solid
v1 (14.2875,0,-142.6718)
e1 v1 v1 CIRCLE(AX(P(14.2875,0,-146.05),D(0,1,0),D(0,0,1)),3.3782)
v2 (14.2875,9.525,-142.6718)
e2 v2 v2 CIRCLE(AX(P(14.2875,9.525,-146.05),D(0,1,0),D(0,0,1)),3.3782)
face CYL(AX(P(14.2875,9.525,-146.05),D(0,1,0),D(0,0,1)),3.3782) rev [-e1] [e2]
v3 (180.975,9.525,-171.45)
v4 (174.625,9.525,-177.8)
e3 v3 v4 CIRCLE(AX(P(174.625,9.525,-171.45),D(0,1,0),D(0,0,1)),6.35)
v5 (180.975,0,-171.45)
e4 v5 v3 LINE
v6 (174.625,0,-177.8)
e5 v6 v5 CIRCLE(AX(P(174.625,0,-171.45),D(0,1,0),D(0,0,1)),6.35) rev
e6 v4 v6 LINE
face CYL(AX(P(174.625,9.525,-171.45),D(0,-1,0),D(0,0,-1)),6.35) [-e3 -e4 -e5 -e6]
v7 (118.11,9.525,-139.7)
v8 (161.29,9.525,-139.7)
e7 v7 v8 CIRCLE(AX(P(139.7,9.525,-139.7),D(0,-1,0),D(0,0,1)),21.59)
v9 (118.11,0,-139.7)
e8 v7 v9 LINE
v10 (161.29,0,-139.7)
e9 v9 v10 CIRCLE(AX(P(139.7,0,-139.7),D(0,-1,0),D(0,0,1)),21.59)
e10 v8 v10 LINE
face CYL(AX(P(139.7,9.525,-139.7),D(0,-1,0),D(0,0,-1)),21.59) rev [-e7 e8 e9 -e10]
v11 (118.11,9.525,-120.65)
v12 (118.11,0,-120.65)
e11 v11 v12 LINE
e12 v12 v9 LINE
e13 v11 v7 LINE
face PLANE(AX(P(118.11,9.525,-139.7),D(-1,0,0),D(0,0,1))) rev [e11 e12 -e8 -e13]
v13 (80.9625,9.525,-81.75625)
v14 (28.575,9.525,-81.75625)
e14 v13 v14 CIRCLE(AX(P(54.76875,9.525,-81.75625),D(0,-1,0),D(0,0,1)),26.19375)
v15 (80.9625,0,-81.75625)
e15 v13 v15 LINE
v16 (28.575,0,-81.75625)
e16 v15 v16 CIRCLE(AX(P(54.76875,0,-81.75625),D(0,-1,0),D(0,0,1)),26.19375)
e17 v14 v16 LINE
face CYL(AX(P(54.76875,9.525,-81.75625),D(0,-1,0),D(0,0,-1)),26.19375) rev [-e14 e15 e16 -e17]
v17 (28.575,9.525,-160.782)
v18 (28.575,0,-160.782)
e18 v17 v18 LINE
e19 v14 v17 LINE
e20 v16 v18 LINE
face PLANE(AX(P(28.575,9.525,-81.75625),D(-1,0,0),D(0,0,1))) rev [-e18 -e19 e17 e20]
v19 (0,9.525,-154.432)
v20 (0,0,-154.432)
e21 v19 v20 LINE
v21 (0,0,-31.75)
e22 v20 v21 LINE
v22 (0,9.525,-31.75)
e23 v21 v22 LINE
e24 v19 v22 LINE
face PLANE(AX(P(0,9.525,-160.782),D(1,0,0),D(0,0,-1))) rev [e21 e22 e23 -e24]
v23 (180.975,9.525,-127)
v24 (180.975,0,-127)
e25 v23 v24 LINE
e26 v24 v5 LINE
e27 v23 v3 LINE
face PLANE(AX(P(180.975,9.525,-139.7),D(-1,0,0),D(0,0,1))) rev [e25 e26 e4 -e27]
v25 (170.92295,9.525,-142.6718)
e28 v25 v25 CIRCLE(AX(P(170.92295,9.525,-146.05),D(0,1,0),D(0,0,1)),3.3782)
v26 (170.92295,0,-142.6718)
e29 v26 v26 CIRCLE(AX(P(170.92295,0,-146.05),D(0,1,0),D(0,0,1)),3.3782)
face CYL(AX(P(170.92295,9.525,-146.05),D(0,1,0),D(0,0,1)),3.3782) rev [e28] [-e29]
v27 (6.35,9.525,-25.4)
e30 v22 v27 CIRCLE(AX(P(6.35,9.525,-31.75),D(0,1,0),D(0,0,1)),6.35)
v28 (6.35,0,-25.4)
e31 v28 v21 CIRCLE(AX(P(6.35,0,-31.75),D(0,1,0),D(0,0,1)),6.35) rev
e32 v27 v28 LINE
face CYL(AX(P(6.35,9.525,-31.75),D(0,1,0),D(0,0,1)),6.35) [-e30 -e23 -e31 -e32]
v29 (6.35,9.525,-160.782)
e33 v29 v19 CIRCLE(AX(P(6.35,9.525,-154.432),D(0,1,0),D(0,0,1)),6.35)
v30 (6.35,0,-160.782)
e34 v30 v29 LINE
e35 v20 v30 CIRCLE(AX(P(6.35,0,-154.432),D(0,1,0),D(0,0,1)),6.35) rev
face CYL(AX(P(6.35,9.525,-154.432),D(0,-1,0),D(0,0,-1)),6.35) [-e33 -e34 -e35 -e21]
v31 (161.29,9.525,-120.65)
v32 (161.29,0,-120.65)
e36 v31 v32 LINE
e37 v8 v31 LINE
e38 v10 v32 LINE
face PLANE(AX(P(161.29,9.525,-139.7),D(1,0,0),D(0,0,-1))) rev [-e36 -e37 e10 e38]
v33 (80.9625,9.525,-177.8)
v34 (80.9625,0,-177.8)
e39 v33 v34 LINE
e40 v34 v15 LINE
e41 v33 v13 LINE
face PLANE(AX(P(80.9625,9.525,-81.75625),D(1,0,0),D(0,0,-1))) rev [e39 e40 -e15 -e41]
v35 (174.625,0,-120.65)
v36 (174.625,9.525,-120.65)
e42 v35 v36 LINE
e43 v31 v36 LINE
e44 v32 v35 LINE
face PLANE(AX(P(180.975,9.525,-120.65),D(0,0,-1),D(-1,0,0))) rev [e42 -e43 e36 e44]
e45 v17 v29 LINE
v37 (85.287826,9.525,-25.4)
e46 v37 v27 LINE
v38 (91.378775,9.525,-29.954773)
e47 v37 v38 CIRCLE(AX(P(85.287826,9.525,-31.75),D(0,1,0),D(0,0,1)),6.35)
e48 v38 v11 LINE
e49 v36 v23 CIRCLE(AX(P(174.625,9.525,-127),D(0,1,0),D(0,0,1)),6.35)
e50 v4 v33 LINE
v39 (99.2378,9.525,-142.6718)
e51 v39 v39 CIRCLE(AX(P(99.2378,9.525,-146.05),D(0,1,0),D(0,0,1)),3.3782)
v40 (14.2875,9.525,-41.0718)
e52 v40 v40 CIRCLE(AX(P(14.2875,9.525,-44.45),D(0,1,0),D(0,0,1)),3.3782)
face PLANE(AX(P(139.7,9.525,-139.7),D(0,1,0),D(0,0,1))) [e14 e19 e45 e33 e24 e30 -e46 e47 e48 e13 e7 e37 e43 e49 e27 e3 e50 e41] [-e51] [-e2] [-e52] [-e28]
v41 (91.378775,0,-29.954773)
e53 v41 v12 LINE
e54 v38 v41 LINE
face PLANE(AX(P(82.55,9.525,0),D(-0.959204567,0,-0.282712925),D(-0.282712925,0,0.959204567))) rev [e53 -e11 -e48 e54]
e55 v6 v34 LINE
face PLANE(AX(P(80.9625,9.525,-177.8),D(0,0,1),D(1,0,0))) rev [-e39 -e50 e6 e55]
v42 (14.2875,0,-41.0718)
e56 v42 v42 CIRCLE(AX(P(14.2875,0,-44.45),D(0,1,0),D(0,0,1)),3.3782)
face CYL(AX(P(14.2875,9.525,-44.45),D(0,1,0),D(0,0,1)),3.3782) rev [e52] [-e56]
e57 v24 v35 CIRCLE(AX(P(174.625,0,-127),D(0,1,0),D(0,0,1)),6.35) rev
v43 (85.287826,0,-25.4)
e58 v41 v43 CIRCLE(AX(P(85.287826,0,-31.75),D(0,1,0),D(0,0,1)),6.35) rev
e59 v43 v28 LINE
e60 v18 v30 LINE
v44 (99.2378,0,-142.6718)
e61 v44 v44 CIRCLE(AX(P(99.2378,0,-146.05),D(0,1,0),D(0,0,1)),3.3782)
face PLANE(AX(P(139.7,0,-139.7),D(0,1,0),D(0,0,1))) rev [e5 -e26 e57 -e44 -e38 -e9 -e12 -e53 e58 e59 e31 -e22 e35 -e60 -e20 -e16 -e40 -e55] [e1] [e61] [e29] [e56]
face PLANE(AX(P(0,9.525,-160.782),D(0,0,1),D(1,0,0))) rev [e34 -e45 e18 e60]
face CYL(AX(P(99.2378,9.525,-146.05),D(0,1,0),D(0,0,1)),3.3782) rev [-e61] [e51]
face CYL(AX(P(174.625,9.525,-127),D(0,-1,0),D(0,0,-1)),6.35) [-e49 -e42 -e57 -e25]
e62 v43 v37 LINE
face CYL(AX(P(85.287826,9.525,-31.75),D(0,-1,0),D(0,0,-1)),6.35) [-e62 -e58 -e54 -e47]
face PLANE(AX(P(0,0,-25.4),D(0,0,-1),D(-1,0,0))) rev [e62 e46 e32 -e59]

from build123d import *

# Parameters (mm, degrees)
BOSS_EXTRUDE1_DEPTH     = 9.525
SKETCH2_W               = 94.331668948
SKETCH2_H               = 25.4
CUT_EXTRUDE1_DEPTH      = 254.880909582
FILLET1_R               = 6.35
FILLET2_R               = 6.35
F_1_4_CLEARANCE_HOLE1_D = 6.7564


with BuildPart() as part:
    # Sketch1 → Boss-Extrude1 (new body)
    with BuildSketch(Plane(origin=(0, 0, 0), x_dir=(1, 0, 0), z_dir=(0, 1, 0))):
        with BuildLine():
            Line((28.575, 81.75625), (28.575, 160.782))
            Line((28.575, 160.782), (0, 160.782))
            Line((0, 160.782), (0, 0))
            Line((0, 0), (82.55, 0))
            Line((82.55, 0), (118.11, 120.65))
            Line((118.11, 120.65), (118.11, 139.7))
            ThreePointArc((118.11, 139.7), (139.7, 161.29), (161.29, 139.7))
            Line((161.29, 139.7), (161.29, 120.65))
            Line((161.29, 120.65), (180.975, 120.65))
            Line((180.975, 120.65), (180.975, 139.7))
            Line((180.975, 139.7), (180.975, 177.8))
            Line((180.975, 177.8), (121.7041, 177.8))
            Line((121.7041, 177.8), (80.9625, 177.8))
            Line((80.9625, 177.8), (80.9625, 81.75625))
            ThreePointArc((80.9625, 81.75625), (54.76875, 55.5625), (28.575, 81.75625))
        make_face()
    extrude(amount=BOSS_EXTRUDE1_DEPTH)

    # Sketch2 → Cut-Extrude1 (cut, through all)
    with BuildSketch(Plane(origin=(0, 9.525, 0), x_dir=(1, 0, 0), z_dir=(0, 1, 0))):
        with Locations((47.165834474, 12.7)):
            Rectangle(SKETCH2_W, SKETCH2_H)
    extrude(amount=-CUT_EXTRUDE1_DEPTH, mode=Mode.SUBTRACT)

    # Fillet1
    fillet1_edges = [part.edges().sort_by_distance(p)[0] for p in [
        (0, 4.7625, -25.4),
    ]]
    fillet(fillet1_edges, radius=FILLET1_R)

    # Fillet2
    fillet2_edges = [part.edges().sort_by_distance(p)[0] for p in [
        (0, 4.7625, -160.782),
        (180.975, 4.7625, -177.8),
        (180.975, 4.7625, -120.65),
        (90.036315789, 4.7625, -25.4),
    ]]
    fillet(fillet2_edges, radius=FILLET2_R)

    # 1/4 Clearance Hole1 (through all)
    with Locations(Plane(origin=(0, 9.525, 0), x_dir=(1, 0, 0), z_dir=(0, 1, 0))):
        with Locations((14.2875, 146.05), (14.2875, 44.45), (99.2378, 146.05), (170.92295, 146.05)):
            Hole(F_1_4_CLEARANCE_HOLE1_D / 2)


solid = part.part
